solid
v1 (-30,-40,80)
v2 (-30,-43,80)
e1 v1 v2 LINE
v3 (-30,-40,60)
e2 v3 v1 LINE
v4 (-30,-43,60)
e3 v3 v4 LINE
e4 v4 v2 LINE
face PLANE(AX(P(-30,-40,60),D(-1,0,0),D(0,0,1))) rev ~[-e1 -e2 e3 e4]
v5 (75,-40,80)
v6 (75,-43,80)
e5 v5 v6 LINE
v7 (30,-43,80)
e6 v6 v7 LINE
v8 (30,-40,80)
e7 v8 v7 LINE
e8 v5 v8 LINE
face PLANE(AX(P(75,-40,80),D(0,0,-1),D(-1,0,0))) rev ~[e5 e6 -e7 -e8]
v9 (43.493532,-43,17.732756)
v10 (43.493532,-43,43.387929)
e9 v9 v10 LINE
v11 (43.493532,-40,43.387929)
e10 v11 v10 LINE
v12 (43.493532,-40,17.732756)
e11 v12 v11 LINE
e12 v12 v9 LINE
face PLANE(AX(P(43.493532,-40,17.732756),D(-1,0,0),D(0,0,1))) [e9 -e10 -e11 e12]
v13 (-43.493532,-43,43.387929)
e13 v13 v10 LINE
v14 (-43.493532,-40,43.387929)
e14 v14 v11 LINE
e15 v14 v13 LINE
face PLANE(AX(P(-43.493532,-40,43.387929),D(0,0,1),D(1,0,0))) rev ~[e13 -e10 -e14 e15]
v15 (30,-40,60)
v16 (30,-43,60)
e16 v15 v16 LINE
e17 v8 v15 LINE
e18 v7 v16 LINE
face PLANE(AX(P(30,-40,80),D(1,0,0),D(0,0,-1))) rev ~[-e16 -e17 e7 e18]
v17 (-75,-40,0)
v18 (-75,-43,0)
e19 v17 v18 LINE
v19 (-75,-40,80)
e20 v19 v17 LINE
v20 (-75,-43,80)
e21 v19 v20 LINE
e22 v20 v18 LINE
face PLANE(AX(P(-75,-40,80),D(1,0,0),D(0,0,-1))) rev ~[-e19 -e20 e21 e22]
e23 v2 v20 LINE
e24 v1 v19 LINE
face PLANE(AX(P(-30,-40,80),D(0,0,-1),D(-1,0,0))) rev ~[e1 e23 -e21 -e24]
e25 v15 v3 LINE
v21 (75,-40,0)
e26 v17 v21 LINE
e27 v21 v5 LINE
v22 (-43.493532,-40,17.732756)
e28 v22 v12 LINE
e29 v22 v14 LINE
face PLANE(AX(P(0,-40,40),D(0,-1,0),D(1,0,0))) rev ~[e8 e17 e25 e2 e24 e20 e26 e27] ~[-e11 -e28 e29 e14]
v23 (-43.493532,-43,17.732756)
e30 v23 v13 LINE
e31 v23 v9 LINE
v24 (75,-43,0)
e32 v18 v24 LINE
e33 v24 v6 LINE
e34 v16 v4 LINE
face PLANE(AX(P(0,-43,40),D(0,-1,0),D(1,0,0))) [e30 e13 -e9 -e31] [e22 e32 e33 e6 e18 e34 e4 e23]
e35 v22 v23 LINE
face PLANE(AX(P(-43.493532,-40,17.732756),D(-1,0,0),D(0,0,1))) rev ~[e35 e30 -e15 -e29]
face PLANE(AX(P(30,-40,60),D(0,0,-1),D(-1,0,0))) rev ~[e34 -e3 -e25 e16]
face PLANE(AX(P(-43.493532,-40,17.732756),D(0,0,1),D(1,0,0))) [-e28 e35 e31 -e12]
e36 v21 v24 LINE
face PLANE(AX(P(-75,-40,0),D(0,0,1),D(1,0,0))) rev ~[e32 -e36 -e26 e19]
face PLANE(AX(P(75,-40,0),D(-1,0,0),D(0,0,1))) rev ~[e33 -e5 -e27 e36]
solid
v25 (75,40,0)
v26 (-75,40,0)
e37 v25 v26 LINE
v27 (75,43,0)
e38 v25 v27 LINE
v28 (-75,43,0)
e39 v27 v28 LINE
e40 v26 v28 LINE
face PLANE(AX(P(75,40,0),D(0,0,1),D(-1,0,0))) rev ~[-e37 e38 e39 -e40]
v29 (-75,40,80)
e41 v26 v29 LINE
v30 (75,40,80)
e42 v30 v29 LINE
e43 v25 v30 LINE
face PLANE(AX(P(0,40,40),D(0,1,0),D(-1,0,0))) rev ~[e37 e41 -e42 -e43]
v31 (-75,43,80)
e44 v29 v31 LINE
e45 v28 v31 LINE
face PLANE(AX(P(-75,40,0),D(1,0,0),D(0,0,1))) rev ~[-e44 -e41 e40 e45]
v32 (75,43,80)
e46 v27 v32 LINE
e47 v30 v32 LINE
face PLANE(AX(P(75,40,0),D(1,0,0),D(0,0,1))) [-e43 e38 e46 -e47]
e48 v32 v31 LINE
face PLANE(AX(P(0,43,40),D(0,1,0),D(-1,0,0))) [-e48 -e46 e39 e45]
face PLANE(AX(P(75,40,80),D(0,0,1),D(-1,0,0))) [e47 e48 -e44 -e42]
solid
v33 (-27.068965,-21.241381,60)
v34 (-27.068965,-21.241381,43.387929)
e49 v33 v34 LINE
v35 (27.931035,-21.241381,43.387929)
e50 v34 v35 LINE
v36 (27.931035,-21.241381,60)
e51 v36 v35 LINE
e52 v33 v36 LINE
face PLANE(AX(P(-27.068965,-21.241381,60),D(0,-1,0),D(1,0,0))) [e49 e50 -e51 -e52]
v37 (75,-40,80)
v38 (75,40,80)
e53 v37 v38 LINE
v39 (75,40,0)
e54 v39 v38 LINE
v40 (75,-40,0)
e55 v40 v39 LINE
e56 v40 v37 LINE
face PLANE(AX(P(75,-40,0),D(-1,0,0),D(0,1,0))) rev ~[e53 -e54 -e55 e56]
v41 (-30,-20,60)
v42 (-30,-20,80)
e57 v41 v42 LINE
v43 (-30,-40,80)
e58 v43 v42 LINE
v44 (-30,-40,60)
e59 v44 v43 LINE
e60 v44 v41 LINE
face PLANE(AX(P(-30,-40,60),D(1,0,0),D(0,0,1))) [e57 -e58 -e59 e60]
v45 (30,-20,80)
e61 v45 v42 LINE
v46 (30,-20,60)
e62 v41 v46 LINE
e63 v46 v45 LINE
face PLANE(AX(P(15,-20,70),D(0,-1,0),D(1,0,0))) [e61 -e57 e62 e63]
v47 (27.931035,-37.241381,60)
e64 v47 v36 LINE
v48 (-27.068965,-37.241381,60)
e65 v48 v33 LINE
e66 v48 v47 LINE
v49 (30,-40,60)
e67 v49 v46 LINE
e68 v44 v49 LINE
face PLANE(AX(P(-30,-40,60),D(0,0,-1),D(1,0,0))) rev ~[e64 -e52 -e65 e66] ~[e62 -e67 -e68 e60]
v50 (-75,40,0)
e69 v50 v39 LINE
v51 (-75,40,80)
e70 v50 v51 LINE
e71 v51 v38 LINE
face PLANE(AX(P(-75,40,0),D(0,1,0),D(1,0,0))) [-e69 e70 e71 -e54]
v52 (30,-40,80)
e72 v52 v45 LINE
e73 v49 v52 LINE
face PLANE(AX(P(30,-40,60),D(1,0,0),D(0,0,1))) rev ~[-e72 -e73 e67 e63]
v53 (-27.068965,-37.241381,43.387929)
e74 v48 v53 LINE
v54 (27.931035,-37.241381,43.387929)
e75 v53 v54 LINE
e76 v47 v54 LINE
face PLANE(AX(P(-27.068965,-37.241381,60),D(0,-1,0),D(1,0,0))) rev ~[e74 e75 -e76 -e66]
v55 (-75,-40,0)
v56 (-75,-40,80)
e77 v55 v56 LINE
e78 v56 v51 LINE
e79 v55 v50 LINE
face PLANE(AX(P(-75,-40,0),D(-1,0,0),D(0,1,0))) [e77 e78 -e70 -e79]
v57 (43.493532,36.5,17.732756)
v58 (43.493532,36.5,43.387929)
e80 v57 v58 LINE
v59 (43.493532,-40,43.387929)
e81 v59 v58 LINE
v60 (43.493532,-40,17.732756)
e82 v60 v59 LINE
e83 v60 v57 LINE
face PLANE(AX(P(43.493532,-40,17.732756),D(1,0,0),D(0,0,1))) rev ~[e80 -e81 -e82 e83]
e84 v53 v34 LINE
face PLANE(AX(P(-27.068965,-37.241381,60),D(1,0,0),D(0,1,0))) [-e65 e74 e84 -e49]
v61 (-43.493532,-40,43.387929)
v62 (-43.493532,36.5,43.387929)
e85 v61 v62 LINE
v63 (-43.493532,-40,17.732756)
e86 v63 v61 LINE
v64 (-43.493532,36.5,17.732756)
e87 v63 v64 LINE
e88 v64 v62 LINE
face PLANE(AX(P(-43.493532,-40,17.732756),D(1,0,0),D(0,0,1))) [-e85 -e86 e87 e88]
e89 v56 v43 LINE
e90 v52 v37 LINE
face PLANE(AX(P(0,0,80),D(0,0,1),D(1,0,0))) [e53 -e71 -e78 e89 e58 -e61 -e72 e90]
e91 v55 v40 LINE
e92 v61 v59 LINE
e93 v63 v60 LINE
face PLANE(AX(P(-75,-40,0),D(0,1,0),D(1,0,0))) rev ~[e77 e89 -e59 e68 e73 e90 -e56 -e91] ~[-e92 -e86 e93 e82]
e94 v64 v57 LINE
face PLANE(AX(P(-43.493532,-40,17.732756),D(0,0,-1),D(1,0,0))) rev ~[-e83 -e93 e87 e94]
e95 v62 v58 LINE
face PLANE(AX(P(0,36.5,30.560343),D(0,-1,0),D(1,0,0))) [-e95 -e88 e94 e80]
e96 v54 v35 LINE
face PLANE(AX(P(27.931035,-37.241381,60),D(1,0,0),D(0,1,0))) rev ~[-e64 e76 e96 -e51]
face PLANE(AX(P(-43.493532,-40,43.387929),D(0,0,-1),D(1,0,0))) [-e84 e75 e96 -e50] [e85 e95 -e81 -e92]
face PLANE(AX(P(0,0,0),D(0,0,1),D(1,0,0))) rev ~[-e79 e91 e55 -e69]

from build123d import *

# Parameters (mm, degrees)
F0_W      = 150
F0_H      = 80
F1_DEPTH  = 80
F2_W      = 30
F2_H      = 20
F3_DEPTH  = 20
F4_W      = 55
F4_H      = 16
F5_DEPTH  = 26.8
F6_W      = 86.9870632887
F6_H      = 25.6551727653
F7_DEPTH  = 76.5
F8_W      = 86.9870632887
F8_H      = 25.6551727653
F9_DEPTH  = 3
F10_W     = 150
F10_H     = 80
F11_DEPTH = 3


with BuildPart() as f1:
    # F0 (on Top) → F1 (new body)
    with BuildSketch(Plane.XY):
        Rectangle(F0_W, F0_H)
    extrude(amount=F1_DEPTH)

    # F2 (on face) → F3 (cut)
    with BuildSketch(Plane.XZ.offset(40)):
        with Locations((15, 70)):
            Rectangle(F2_W, F2_H)
        with Locations((-15, 70)):
            Rectangle(F2_W, F2_H)
    extrude(amount=-F3_DEPTH, mode=Mode.SUBTRACT)

    # F4 (on face) → F5 (cut)
    with BuildSketch(Plane.XY.offset(60)):
        with Locations((0.431034565, -29.2413806617)):
            Rectangle(F4_W, F4_H)
    extrude(amount=-F5_DEPTH, mode=Mode.SUBTRACT)

    # F6 (on face) → F7 (cut)
    with BuildSketch(Plane.XZ.offset(40)):
        with Locations((0, 30.560342595)):
            Rectangle(F6_W, F6_H)
    extrude(amount=-F7_DEPTH, mode=Mode.SUBTRACT)


with BuildPart() as f9:
    # F8 (on face) → F9 (new body)
    with BuildSketch(Plane.XZ.offset(40)):
        Polygon((75, 0), (75, 80), (30, 80), (30, 60), (-30, 60), (-30, 80), (-75, 80), (-75, 0), align=None)
        with Locations((0, 30.560342595)):
            Rectangle(F8_W, F8_H, mode=Mode.SUBTRACT)
    extrude(amount=F9_DEPTH)


with BuildPart() as f11:
    # F10 (on face) → F11 (new body)
    with BuildSketch(Plane(origin=(0, 40, 0), x_dir=(-1, 0, 0), z_dir=(0, 1, 0))):
        with Locations((0, 40)):
            Rectangle(F10_W, F10_H)
    extrude(amount=F11_DEPTH)


solid = Compound([f1.part, f9.part, f11.part])
